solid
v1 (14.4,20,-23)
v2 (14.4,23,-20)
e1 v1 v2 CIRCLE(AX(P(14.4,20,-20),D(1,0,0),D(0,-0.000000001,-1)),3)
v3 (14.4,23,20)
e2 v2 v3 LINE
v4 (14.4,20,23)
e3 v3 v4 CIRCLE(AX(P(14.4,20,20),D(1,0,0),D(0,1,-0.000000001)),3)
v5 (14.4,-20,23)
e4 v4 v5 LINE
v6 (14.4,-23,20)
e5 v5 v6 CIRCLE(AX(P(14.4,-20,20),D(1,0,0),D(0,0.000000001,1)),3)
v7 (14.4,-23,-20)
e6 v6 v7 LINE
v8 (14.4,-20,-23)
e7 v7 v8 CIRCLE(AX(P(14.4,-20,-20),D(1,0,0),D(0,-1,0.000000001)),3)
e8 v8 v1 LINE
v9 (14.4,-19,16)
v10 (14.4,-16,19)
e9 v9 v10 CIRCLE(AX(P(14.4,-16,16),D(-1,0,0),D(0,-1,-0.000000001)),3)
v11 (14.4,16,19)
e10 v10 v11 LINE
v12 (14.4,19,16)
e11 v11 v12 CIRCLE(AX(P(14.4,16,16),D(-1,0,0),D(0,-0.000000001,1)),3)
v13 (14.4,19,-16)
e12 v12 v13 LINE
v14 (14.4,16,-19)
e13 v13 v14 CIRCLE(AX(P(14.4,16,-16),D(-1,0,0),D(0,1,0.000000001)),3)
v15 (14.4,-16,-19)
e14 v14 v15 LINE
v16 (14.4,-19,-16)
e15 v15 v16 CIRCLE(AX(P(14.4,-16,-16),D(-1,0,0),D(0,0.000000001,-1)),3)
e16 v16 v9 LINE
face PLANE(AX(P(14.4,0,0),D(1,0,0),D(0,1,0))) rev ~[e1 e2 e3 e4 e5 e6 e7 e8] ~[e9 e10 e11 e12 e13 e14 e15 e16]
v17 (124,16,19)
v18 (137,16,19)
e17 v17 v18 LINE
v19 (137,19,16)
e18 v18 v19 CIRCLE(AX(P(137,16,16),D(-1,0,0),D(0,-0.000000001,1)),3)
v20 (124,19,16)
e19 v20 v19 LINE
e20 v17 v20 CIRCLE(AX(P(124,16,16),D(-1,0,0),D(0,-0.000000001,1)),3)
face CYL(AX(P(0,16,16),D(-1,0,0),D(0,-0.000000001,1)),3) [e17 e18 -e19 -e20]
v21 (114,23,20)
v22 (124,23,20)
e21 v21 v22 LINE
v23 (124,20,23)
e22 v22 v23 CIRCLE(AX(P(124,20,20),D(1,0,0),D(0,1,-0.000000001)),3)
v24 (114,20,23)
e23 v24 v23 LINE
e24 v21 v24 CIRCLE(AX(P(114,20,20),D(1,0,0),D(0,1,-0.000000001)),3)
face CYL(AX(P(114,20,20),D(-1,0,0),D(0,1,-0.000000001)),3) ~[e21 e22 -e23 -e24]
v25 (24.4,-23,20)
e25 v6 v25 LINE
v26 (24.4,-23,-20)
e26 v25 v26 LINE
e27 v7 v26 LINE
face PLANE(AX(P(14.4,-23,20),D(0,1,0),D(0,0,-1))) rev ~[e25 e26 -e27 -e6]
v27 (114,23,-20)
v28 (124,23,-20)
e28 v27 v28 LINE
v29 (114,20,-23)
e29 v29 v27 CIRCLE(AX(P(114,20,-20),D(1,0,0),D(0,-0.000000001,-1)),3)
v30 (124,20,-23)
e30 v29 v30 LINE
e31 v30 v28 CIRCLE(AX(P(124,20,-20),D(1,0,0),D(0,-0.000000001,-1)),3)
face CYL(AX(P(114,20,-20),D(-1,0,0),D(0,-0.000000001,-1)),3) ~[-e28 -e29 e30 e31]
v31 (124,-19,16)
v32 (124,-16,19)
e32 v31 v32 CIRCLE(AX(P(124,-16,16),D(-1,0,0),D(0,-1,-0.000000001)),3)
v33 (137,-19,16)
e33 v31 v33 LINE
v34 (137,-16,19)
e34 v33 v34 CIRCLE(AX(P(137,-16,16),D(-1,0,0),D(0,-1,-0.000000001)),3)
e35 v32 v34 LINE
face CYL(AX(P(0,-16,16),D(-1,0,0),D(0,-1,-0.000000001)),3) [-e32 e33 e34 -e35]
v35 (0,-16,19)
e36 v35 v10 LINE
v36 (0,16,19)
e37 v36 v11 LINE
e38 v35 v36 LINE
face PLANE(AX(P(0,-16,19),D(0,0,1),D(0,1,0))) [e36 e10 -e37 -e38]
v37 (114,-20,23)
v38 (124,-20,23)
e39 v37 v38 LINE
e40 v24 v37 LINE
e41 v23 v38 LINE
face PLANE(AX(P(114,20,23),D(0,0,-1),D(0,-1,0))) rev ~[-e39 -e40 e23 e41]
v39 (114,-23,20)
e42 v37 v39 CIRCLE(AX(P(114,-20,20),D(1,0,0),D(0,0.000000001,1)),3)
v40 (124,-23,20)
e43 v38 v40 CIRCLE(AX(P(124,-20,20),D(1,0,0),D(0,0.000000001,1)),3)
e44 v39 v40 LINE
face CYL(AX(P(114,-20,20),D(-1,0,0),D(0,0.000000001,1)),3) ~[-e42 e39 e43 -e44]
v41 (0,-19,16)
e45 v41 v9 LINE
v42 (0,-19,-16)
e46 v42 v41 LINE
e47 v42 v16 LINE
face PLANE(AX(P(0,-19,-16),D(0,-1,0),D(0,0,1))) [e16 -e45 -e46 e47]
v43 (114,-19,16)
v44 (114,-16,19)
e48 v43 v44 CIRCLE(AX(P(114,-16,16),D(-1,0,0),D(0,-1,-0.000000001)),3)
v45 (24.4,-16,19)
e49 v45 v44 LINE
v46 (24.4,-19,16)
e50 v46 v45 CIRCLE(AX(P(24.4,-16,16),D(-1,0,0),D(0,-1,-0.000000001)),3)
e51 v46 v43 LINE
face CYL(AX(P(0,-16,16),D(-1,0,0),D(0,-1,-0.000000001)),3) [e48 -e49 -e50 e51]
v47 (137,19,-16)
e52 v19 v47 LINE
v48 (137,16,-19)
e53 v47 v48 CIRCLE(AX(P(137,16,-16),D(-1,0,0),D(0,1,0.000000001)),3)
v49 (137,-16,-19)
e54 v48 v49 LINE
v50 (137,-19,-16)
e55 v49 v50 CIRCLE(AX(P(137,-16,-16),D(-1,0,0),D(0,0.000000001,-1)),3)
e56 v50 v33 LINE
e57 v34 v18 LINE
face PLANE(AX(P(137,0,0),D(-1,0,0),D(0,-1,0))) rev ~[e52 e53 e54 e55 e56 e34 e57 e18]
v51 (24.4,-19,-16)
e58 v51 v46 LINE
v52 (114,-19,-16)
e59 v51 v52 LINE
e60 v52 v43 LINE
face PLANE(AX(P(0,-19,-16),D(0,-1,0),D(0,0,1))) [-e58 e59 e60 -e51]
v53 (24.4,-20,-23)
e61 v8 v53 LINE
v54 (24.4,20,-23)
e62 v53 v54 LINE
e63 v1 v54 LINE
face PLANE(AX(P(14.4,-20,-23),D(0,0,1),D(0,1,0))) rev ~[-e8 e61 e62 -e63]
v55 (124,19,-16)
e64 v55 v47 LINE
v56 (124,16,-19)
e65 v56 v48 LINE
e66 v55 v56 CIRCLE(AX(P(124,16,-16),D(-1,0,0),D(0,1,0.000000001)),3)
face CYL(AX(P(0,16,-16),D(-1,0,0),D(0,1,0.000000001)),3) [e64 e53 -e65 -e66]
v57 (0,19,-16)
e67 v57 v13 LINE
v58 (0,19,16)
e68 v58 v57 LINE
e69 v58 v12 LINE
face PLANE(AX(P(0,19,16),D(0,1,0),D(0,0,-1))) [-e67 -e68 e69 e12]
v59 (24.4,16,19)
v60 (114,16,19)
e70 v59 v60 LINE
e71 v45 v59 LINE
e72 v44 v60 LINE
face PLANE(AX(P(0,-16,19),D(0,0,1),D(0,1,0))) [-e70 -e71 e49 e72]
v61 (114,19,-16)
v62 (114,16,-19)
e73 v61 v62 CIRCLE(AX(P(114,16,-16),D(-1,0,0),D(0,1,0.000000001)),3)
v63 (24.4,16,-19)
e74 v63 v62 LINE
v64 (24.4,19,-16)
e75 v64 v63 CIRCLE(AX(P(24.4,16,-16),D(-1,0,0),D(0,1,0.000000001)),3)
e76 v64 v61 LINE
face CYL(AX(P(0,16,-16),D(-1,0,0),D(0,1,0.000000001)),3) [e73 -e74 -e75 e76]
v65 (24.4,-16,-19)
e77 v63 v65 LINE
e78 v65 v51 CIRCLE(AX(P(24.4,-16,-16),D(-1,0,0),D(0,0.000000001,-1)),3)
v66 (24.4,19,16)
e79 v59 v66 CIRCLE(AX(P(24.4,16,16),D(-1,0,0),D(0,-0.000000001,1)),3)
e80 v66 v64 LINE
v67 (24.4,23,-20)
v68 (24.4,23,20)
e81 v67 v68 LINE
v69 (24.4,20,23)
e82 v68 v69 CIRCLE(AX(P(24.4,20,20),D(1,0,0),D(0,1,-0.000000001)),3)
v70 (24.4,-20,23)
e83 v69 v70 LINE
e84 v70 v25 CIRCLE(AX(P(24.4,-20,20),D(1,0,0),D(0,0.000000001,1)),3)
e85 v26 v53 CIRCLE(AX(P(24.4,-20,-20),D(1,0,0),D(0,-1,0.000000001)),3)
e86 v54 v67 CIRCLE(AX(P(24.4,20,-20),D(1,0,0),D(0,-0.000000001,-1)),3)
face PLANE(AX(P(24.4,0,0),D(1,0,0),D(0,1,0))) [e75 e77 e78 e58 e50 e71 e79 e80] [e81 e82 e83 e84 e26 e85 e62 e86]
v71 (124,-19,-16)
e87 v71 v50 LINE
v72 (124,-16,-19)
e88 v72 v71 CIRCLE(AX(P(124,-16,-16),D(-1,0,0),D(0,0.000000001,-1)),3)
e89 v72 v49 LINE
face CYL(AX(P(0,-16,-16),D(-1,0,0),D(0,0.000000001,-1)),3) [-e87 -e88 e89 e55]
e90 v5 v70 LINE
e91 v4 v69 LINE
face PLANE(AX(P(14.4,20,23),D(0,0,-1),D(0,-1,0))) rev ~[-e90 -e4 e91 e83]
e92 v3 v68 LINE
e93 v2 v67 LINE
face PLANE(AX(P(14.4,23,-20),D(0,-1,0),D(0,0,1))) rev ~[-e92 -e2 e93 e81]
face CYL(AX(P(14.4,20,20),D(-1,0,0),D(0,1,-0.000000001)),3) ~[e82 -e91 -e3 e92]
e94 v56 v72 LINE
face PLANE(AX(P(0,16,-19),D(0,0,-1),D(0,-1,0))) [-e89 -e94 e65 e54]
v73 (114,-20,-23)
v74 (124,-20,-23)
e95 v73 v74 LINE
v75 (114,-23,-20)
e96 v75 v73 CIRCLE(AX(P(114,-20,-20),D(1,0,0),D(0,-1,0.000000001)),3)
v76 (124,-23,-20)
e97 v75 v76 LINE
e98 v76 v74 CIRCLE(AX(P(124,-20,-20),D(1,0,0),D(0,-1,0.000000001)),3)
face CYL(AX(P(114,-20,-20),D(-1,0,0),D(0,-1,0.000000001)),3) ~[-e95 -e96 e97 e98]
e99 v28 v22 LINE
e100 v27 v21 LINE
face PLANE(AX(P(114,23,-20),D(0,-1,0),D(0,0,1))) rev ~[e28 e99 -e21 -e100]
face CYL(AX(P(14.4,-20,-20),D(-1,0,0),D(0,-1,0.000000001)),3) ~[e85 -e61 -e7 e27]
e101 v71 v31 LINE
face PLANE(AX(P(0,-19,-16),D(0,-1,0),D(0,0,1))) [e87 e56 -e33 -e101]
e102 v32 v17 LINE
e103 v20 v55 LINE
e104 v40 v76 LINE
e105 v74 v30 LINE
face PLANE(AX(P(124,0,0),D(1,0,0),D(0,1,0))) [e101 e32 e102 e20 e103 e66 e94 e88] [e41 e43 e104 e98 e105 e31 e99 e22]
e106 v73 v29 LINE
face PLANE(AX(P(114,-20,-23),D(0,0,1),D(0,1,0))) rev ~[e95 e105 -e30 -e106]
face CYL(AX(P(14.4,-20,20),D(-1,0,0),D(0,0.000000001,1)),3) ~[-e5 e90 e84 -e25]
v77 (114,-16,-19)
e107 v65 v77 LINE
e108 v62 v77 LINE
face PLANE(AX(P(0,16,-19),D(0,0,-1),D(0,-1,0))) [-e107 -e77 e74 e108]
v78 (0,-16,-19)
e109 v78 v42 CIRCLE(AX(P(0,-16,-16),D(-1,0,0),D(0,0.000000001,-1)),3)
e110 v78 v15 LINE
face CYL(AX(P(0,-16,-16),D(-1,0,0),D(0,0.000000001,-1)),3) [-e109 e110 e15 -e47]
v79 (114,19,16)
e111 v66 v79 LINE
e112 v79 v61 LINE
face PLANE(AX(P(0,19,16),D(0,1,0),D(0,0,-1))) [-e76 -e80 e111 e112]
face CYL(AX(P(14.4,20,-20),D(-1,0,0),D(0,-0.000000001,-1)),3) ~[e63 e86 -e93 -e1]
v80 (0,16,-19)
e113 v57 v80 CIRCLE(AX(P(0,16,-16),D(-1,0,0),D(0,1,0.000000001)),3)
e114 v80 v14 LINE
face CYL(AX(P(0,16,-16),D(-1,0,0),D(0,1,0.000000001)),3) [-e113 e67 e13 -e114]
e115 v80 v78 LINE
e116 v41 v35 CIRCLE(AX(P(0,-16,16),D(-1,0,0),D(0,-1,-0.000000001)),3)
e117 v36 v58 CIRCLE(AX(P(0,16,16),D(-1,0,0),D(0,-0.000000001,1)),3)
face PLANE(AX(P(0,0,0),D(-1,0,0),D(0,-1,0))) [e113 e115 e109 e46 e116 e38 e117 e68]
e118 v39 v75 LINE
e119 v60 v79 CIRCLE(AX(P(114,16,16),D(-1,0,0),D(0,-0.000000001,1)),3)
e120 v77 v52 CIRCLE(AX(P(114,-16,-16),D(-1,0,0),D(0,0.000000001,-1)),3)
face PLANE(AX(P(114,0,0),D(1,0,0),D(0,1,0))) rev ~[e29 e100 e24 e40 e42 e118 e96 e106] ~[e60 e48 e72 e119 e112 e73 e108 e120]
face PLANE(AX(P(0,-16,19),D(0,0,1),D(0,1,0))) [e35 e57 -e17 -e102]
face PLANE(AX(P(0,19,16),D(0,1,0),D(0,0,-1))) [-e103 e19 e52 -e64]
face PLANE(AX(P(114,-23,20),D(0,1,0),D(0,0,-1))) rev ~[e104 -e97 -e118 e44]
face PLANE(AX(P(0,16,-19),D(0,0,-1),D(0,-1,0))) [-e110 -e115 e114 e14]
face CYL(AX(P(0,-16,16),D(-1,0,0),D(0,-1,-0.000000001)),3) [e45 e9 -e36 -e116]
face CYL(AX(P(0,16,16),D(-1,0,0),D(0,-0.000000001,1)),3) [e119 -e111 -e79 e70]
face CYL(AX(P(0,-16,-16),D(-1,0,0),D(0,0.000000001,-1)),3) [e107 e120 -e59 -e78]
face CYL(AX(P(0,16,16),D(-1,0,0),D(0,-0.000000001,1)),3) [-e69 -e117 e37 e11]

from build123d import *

# Parameters (mm, degrees)
EXTRUDE_1_DEPTH = 137
EXTRUDE_START   = -14.4
EXTRUDE_2_DEPTH = 10
EXTRUDE_START_2 = -114
EXTRUDE_3_DEPTH = 10


with BuildPart() as part:
    # 스케치1 → 보스-돌출1 (new body)
    with BuildSketch(Plane.YZ):
        with BuildLine():
            Line((-16, 19), (16, 19))
            ThreePointArc((16, 19), (18.121320344, 18.121320344), (19, 16))
            Line((19, 16), (19, -16))
            ThreePointArc((19, -16), (18.121320344, -18.121320344), (16, -19))
            Line((16, -19), (-16, -19))
            ThreePointArc((-16, -19), (-18.121320344, -18.121320344), (-19, -16))
            Line((-19, -16), (-19, 16))
            ThreePointArc((-19, 16), (-18.121320344, 18.121320344), (-16, 19))
        make_face()
    extrude(amount=EXTRUDE_1_DEPTH)

    # 스케치2 → 보스-돌출2 (add)
    with BuildSketch(Plane(origin=(0, 0, 0), x_dir=(0, -1, 0), z_dir=(-1, 0, 0)).offset(EXTRUDE_START)):
        with BuildLine():
            Line((-20, 23), (20, 23))
            ThreePointArc((20, 23), (22.121320344, 22.121320344), (23, 20))
            Line((23, 20), (23, -20))
            ThreePointArc((23, -20), (22.121320344, -22.121320344), (20, -23))
            Line((20, -23), (-20, -23))
            ThreePointArc((-20, -23), (-22.121320344, -22.121320344), (-23, -20))
            Line((-23, -20), (-23, 20))
            ThreePointArc((-23, 20), (-22.121320344, 22.121320344), (-20, 23))
        make_face()
    extrude(amount=-EXTRUDE_2_DEPTH)

    # 스케치2<2> → 보스-돌출3 (add)
    with BuildSketch(Plane(origin=(0, 0, 0), x_dir=(0, -1, 0), z_dir=(-1, 0, 0)).offset(EXTRUDE_START_2)):
        with BuildLine():
            Line((-20, 23), (20, 23))
            ThreePointArc((20, 23), (22.121320344, 22.121320344), (23, 20))
            Line((23, 20), (23, -20))
            ThreePointArc((23, -20), (22.121320344, -22.121320344), (20, -23))
            Line((20, -23), (-20, -23))
            ThreePointArc((-20, -23), (-22.121320344, -22.121320344), (-23, -20))
            Line((-23, -20), (-23, 20))
            ThreePointArc((-23, 20), (-22.121320344, 22.121320344), (-20, 23))
        make_face()
    extrude(amount=-EXTRUDE_3_DEPTH)


solid = part.part
